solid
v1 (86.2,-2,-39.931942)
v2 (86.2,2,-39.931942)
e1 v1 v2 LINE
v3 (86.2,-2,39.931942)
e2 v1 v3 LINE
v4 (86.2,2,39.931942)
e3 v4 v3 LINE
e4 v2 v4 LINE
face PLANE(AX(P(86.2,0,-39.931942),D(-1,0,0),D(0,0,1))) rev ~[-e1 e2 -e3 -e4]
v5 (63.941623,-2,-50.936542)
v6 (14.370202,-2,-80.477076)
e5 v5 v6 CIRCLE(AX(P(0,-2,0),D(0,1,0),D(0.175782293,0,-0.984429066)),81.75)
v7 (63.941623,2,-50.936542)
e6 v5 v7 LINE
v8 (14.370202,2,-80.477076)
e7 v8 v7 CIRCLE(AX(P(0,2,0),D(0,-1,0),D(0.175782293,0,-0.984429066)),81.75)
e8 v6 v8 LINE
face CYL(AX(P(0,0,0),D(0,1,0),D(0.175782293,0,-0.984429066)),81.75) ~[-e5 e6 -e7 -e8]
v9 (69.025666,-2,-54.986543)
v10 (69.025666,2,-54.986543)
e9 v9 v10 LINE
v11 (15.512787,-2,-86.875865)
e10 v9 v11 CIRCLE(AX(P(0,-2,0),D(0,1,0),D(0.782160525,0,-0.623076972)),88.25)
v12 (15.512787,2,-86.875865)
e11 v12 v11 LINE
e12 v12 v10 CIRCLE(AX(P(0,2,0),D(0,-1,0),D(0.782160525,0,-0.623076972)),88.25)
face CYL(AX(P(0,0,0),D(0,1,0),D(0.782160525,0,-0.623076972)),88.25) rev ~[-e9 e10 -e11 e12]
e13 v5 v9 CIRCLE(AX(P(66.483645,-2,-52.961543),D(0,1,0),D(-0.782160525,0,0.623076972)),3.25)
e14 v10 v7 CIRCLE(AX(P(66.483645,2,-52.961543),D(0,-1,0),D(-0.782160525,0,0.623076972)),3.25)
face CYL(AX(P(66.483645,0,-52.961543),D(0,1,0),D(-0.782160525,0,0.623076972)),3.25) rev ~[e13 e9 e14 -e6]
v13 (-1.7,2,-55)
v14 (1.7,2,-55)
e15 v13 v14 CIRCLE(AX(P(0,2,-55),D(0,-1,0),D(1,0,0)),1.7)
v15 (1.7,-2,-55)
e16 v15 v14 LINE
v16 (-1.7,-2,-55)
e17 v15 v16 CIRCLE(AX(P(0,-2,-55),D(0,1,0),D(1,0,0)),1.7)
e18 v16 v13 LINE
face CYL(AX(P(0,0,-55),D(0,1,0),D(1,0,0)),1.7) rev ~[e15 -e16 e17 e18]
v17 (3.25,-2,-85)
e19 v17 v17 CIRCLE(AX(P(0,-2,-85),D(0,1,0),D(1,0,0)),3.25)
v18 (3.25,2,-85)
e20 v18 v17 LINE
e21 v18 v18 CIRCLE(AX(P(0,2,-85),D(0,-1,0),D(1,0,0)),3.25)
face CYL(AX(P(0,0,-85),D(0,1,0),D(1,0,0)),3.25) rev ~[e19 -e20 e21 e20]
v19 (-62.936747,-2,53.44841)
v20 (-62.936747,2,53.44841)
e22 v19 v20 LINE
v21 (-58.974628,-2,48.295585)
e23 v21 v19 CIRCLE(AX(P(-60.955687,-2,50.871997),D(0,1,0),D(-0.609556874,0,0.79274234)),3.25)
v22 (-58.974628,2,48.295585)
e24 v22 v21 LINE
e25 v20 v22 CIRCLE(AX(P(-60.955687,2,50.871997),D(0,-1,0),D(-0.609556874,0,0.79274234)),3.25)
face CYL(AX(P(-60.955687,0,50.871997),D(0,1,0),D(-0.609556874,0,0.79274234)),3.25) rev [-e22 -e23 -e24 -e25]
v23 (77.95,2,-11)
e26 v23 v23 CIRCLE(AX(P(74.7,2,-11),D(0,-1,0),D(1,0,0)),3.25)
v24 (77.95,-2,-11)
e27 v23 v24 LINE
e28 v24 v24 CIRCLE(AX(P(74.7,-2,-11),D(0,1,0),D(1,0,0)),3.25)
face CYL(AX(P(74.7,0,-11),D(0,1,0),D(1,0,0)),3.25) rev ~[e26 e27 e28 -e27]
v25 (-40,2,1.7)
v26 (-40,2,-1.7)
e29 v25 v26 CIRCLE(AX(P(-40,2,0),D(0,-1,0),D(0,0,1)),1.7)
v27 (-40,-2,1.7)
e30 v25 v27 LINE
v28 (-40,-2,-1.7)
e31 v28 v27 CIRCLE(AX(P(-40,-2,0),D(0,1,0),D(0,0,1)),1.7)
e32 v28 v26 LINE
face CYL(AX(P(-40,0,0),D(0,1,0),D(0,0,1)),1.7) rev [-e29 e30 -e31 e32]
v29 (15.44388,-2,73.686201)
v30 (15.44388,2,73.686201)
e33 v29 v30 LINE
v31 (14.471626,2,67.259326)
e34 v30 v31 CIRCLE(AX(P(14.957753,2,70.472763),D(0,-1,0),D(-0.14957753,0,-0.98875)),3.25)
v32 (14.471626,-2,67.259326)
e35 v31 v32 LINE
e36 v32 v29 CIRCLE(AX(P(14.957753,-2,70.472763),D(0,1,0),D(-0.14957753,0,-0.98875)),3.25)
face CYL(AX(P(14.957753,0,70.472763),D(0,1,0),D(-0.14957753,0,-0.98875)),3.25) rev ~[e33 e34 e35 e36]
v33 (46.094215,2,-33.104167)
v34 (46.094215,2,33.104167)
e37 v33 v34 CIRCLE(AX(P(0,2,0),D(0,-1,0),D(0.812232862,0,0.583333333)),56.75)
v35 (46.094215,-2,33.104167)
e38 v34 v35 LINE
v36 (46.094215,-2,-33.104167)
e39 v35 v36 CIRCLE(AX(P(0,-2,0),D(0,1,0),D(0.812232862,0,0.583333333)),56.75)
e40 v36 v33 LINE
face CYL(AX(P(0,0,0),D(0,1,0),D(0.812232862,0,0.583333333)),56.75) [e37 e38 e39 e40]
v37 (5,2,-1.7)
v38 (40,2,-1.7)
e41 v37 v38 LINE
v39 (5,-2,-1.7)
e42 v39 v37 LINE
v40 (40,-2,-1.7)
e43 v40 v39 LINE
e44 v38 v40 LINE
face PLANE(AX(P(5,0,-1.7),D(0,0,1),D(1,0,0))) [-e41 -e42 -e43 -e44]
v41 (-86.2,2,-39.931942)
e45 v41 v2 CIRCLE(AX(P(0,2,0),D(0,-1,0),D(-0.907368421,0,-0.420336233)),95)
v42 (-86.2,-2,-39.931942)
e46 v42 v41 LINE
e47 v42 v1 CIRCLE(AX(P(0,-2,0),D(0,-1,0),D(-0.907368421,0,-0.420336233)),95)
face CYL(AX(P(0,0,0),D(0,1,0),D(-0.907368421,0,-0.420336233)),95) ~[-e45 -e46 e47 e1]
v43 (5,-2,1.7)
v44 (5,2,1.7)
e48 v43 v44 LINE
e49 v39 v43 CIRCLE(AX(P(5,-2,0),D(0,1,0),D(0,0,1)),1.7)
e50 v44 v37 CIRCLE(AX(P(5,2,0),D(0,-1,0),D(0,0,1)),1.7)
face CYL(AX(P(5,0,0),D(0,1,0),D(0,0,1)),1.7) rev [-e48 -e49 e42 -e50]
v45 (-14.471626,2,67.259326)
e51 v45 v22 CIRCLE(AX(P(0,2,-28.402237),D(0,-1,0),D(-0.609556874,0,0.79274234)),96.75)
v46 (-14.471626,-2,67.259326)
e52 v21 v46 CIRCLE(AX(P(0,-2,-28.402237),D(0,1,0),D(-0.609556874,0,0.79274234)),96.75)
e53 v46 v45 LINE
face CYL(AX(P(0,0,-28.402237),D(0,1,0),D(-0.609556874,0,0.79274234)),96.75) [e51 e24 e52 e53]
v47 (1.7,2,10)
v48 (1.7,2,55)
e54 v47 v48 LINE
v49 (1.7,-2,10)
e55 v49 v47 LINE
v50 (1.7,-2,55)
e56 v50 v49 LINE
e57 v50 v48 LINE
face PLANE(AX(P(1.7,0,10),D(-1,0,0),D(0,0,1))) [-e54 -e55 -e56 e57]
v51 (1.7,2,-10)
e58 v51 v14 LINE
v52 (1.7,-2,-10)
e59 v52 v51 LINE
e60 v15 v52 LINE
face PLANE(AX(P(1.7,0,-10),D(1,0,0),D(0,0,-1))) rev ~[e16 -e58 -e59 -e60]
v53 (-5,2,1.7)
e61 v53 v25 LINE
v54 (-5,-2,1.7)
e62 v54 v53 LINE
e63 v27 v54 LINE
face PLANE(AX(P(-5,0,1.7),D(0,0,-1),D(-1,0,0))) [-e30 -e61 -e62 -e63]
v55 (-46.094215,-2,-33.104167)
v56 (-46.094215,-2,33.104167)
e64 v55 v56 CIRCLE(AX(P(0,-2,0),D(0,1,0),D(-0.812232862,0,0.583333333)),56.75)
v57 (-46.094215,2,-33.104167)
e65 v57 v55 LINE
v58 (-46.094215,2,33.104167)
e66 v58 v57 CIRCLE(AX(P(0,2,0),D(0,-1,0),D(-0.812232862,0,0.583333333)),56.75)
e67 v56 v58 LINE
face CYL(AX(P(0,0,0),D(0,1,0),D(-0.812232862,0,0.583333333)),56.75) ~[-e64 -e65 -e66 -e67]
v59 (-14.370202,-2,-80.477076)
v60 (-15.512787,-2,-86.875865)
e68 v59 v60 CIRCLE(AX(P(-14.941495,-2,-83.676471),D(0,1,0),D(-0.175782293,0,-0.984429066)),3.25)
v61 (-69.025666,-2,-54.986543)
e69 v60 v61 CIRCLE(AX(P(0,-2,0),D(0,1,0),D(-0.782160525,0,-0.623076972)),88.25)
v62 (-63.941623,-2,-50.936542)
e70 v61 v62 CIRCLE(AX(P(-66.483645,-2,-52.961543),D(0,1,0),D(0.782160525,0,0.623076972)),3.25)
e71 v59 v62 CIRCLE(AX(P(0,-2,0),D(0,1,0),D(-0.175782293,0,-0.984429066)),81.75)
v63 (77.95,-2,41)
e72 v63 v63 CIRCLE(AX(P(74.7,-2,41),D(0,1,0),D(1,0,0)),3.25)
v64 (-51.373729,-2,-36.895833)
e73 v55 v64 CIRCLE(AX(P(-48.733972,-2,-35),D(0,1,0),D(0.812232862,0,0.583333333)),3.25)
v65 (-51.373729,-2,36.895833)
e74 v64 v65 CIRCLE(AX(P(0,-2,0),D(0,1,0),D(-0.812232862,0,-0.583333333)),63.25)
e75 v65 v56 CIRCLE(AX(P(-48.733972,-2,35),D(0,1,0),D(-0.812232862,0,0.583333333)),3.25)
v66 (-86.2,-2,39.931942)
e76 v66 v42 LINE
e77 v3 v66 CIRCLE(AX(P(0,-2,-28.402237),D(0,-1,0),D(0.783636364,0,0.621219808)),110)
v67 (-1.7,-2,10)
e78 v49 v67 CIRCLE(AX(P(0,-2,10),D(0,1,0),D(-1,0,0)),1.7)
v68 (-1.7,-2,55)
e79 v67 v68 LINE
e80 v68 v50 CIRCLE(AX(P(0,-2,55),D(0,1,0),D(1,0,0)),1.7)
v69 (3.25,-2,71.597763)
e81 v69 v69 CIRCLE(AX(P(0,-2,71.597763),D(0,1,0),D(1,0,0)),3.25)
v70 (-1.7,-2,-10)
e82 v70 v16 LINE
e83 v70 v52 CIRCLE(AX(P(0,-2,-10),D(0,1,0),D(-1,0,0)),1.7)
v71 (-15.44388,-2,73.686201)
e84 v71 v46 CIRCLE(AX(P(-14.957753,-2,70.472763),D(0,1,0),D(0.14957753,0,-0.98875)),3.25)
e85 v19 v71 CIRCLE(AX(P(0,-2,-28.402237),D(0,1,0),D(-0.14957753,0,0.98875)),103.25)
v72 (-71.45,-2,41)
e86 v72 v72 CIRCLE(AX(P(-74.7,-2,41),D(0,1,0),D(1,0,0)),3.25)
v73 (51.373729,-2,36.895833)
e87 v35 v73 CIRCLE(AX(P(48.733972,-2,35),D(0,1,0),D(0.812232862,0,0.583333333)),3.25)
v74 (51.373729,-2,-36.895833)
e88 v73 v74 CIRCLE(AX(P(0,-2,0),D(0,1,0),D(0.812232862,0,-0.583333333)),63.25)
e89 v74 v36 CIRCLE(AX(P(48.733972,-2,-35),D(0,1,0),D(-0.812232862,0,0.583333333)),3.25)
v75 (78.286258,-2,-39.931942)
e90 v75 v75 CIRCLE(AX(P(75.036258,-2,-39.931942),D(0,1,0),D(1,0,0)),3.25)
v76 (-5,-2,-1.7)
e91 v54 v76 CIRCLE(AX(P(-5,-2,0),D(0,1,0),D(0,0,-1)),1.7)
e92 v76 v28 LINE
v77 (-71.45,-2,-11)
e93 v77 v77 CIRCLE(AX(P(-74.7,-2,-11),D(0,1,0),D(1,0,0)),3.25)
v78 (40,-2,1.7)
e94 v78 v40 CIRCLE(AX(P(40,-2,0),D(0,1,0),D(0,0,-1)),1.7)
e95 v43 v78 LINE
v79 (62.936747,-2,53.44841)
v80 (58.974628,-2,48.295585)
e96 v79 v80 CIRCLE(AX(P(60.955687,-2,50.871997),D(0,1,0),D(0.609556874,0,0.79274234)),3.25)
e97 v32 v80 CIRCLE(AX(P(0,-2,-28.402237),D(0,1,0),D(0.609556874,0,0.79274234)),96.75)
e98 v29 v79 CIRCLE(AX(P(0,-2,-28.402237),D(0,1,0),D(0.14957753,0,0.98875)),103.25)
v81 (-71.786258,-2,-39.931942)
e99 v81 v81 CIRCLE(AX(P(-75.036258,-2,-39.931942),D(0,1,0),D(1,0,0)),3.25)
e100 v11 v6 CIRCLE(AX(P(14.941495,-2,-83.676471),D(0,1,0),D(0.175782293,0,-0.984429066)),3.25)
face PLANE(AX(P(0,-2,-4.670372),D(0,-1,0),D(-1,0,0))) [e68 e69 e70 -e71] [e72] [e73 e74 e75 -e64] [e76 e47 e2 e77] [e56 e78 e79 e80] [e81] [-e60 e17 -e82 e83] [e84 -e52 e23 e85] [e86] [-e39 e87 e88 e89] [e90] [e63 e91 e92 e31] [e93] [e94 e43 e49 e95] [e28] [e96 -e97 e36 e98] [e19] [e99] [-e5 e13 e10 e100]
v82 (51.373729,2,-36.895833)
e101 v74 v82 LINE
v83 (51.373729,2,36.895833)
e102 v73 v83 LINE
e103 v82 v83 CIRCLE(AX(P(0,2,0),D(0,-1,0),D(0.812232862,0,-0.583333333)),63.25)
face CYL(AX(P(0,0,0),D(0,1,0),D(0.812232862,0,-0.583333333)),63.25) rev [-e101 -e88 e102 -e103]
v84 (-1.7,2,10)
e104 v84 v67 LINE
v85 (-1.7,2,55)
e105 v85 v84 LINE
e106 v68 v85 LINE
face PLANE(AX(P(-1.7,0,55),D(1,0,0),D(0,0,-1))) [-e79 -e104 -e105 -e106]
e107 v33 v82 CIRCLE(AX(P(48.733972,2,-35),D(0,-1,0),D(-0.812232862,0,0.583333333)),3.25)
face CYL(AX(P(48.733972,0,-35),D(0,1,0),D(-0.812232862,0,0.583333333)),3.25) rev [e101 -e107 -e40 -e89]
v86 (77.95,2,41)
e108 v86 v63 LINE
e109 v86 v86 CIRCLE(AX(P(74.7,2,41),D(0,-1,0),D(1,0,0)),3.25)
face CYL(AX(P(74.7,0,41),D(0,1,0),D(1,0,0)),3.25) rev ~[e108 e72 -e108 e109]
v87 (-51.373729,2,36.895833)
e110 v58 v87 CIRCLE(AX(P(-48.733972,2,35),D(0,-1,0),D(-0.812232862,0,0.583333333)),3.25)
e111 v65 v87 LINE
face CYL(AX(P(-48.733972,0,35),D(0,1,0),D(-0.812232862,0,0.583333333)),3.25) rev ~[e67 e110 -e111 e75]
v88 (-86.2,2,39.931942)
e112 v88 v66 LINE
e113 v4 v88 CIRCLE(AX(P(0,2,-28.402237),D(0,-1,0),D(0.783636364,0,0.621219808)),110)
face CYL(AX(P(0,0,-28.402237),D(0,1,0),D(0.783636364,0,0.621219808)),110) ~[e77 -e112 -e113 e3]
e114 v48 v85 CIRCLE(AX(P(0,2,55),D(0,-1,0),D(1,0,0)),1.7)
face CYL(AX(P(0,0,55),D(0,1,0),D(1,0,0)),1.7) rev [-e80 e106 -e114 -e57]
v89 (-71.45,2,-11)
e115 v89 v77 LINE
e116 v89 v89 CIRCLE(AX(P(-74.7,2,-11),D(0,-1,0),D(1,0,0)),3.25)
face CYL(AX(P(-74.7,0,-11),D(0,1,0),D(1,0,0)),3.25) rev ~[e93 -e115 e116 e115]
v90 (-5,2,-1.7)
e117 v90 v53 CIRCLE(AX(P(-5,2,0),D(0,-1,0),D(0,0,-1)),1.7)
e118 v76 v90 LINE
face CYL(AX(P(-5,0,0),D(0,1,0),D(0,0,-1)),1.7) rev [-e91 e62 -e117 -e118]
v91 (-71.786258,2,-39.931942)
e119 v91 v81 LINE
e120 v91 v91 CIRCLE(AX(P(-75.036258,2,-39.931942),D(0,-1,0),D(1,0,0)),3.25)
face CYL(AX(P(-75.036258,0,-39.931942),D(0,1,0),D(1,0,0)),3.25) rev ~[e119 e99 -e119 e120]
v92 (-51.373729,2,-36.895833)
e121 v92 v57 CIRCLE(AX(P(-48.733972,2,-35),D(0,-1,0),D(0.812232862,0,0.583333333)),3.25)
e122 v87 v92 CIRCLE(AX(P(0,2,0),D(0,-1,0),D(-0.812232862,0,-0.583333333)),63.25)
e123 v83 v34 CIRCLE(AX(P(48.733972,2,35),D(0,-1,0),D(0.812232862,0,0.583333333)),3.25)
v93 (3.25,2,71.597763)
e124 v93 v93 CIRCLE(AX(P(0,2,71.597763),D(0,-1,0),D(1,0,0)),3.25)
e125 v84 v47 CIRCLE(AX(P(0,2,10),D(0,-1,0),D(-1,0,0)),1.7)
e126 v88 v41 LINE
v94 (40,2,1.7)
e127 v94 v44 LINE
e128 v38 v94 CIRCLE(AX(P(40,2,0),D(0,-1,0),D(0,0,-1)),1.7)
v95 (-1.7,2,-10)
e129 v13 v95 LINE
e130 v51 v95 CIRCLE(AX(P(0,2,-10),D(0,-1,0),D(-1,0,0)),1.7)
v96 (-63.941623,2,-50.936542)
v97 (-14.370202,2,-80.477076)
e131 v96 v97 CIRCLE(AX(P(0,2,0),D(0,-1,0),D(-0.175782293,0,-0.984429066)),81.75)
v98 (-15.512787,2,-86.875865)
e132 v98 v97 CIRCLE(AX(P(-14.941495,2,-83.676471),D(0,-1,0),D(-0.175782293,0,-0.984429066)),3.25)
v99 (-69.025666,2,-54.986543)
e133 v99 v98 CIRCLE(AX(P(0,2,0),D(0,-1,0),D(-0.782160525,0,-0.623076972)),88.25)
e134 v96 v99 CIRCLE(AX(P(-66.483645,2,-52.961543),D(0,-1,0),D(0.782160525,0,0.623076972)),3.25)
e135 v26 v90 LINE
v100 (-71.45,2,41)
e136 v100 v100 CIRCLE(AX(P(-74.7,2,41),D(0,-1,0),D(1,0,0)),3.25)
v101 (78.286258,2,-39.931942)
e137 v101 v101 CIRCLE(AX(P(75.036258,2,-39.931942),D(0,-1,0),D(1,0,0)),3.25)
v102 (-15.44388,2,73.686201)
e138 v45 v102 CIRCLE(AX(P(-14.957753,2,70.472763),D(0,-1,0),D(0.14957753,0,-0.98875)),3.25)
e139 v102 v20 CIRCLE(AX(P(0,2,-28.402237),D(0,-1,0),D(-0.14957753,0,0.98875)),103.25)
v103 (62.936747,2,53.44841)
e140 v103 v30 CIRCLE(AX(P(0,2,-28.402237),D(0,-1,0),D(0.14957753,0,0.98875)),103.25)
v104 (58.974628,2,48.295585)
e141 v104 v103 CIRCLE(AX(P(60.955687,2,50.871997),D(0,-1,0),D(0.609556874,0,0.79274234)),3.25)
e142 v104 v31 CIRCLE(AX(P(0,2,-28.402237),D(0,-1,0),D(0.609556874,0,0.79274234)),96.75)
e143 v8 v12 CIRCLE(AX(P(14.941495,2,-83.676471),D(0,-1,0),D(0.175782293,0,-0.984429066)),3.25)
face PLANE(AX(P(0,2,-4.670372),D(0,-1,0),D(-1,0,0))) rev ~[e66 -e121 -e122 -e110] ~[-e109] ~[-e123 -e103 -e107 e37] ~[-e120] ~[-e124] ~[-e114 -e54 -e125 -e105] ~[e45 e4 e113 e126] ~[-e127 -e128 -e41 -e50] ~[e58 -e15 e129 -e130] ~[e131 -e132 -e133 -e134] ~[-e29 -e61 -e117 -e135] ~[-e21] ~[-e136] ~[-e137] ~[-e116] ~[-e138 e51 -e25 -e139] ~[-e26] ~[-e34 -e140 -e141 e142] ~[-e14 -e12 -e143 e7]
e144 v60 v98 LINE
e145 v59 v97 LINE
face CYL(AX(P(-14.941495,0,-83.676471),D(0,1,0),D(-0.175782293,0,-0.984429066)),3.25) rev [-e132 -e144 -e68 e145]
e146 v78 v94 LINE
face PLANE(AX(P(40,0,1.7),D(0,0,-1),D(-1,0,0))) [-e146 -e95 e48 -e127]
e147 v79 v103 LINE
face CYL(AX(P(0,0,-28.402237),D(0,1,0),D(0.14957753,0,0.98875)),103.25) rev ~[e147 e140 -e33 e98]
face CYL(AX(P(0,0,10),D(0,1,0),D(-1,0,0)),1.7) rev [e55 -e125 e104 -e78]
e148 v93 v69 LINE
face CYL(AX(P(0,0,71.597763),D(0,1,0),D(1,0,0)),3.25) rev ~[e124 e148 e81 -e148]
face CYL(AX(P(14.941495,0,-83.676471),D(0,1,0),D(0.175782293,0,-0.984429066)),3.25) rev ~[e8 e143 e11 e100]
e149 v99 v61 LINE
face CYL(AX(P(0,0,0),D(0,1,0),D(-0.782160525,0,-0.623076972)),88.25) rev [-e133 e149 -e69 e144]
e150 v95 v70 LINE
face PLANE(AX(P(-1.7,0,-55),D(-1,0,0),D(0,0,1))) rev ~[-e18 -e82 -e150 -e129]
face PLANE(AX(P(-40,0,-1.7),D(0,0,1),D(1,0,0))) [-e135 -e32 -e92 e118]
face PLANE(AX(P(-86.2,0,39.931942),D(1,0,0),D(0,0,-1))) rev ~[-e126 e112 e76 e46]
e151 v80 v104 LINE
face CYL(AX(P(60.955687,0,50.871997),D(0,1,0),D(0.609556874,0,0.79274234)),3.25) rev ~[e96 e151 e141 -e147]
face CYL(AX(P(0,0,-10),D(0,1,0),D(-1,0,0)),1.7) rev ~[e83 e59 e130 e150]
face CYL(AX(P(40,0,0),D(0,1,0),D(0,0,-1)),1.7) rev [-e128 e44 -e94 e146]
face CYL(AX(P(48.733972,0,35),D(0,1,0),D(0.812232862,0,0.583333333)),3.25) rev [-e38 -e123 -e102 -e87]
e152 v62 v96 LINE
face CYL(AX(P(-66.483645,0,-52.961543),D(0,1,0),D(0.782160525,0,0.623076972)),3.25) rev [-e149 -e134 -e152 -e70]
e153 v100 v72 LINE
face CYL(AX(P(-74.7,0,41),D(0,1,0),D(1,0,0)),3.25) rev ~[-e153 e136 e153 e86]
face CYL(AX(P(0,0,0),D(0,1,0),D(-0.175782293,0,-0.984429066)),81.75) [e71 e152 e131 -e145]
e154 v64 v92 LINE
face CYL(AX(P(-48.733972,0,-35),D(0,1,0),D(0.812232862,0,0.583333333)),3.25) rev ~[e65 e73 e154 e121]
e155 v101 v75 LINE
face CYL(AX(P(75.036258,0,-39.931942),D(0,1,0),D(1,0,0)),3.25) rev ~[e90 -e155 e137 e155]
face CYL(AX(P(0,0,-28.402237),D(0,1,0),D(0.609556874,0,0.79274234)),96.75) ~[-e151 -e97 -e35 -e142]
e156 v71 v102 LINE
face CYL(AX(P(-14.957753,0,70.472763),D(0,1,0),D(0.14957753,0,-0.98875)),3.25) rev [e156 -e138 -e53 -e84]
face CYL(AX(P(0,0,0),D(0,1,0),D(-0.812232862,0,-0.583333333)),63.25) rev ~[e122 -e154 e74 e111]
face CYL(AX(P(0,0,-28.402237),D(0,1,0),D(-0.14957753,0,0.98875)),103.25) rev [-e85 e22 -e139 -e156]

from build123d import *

# Parameters (mm, degrees)
BOSS_EXTRUDE1_DEPTH     = 2
SKETCH2_R               = 3.25
CUT_HOLES_DEPTH         = 3
CUT_HOLES_DEPTH_BACK    = 3
CUT_EXTRUDE1_DEPTH      = 3
CUT_EXTRUDE1_DEPTH_BACK = 3


with BuildPart() as part:
    # Sketch1 → Boss-Extrude1 (new body, symmetric)
    with BuildSketch(Plane(origin=(0, 0, 0), x_dir=(1, 0, 0), z_dir=(0, 1, 0))):
        with BuildLine():
            Line((86.2, 39.931942102), (86.2, -39.931942102))
            ThreePointArc((86.2, -39.931942102), (0, -81.597763245), (-86.2, -39.931942102))
            Line((-86.2, -39.931942102), (-86.2, 39.931942102))
            ThreePointArc((-86.2, 39.931942102), (0, 95), (86.2, 39.931942102))
        make_face()
    extrude(amount=BOSS_EXTRUDE1_DEPTH, both=True)

    # Sketch2 → Cut-Holes (cut, two sides)
    with BuildSketch(Plane(origin=(0, 0, 0), x_dir=(1, 0, 0), z_dir=(0, 1, 0))) as cut_holes_sk:
        with Locations((-74.7, 11)):
            Circle(SKETCH2_R)
        with Locations((-74.7, -41)):
            Circle(SKETCH2_R)
        with Locations((74.7, -41)):
            Circle(SKETCH2_R)
        with Locations((74.7, 11)):
            Circle(SKETCH2_R)
        with Locations((0, -71.597763245)):
            Circle(SKETCH2_R)
        with Locations((0, 85)):
            Circle(SKETCH2_R)
        with Locations((-75.036257902, 39.931942102)):
            Circle(SKETCH2_R)
        with Locations((75.036257902, 39.931942102)):
            Circle(SKETCH2_R)
        with BuildLine():
            ThreePointArc((14.471626034, -67.259325745), (11.744315506, -70.958890218), (15.443879979, -73.686200745))
            ThreePointArc((15.443879979, -73.686200745), (40.475581865, -66.58349782), (62.936747266, -53.448409812))
            ThreePointArc((62.936747266, -53.448409812), (63.532100029, -48.890937367), (58.974627584, -48.295584605))
            ThreePointArc((58.974627584, -48.295584605), (37.92748228, -60.603766345), (14.471626034, -67.259325745))
        make_face()
        with BuildLine():
            ThreePointArc((-62.936747266, -53.448409812), (-63.532100029, -48.890937367), (-58.974627584, -48.295584605))
            ThreePointArc((-58.974627584, -48.295584605), (-37.92748228, -60.603766345), (-14.471626034, -67.259325745))
            ThreePointArc((-14.471626034, -67.259325745), (-11.744315506, -70.958890218), (-15.443879979, -73.686200745))
            ThreePointArc((-15.443879979, -73.686200745), (-40.475581865, -66.58349782), (-62.936747266, -53.448409812))
        make_face()
        with BuildLine():
            ThreePointArc((-63.94162293, 50.936542452), (-68.508644796, 50.419520904), (-69.025666344, 54.98654277))
            ThreePointArc((-69.025666344, 54.98654277), (-45.1765399, 75.809911903), (-15.512787354, 86.875865052))
            ThreePointArc((-15.512787354, 86.875865052), (-11.742100438, 84.24776304), (-14.37020245, 80.477076125))
            ThreePointArc((-14.37020245, 80.477076125), (-41.849089369, 70.226179015), (-63.94162293, 50.936542452))
        make_face()
        with BuildLine():
            ThreePointArc((15.512787354, 86.875865052), (11.742100438, 84.24776304), (14.37020245, 80.477076125))
            ThreePointArc((14.37020245, 80.477076125), (41.849089369, 70.226179015), (63.94162293, 50.936542452))
            ThreePointArc((63.94162293, 50.936542452), (68.508644796, 50.419520904), (69.025666344, 54.98654277))
            ThreePointArc((69.025666344, 54.98654277), (45.1765399, 75.809911903), (15.512787354, 86.875865052))
        make_face()
    extrude(amount=CUT_HOLES_DEPTH, mode=Mode.SUBTRACT)
    extrude(cut_holes_sk.sketch, amount=-CUT_HOLES_DEPTH_BACK, mode=Mode.SUBTRACT)

    # Sketch3 → Cut-Extrude1 (cut, two sides)
    with BuildSketch(Plane(origin=(0, 0, 0), x_dir=(1, 0, 0), z_dir=(0, 1, 0))) as cut_extrude1_sk:
        with BuildLine():
            Line((5, 1.7), (40, 1.7))
            ThreePointArc((40, 1.7), (41.7, 0), (40, -1.7))
            Line((40, -1.7), (5, -1.7))
            ThreePointArc((5, -1.7), (3.3, 0), (5, 1.7))
        make_face()
        with BuildLine():
            Line((-5, -1.7), (-40, -1.7))
            ThreePointArc((-40, -1.7), (-41.7, 0), (-40, 1.7))
            Line((-40, 1.7), (-5, 1.7))
            ThreePointArc((-5, 1.7), (-3.3, 0), (-5, -1.7))
        make_face()
        with BuildLine():
            Line((-1.7, 55), (-1.7, 10))
            ThreePointArc((-1.7, 10), (0, 8.3), (1.7, 10))
            Line((1.7, 10), (1.7, 55))
            ThreePointArc((1.7, 55), (0, 56.7), (-1.7, 55))
        make_face()
        with BuildLine():
            Line((-1.7, -55), (-1.7, -10))
            ThreePointArc((-1.7, -10), (0, -8.3), (1.7, -10))
            Line((1.7, -10), (1.7, -55))
            ThreePointArc((1.7, -55), (0, -56.7), (-1.7, -55))
        make_face()
        with BuildLine():
            ThreePointArc((-46.094214922, 33.104166667), (-46.838138391, 37.639756802), (-51.373728526, 36.895833333))
            ThreePointArc((-51.373728526, 36.895833333), (-63.25, 0), (-51.373728526, -36.895833333))
            ThreePointArc((-51.373728526, -36.895833333), (-46.838138391, -37.639756802), (-46.094214922, -33.104166667))
            ThreePointArc((-46.094214922, -33.104166667), (-56.75, 0), (-46.094214922, 33.104166667))
        make_face()
        with BuildLine():
            ThreePointArc((51.373728526, -36.895833333), (46.838138391, -37.639756802), (46.094214922, -33.104166667))
            ThreePointArc((46.094214922, -33.104166667), (56.75, 0), (46.094214922, 33.104166667))
            ThreePointArc((46.094214922, 33.104166667), (46.838138391, 37.639756802), (51.373728526, 36.895833333))
            ThreePointArc((51.373728526, 36.895833333), (63.25, 0), (51.373728526, -36.895833333))
        make_face()
    extrude(amount=CUT_EXTRUDE1_DEPTH, mode=Mode.SUBTRACT)
    extrude(cut_extrude1_sk.sketch, amount=-CUT_EXTRUDE1_DEPTH_BACK, mode=Mode.SUBTRACT)


solid = part.part
